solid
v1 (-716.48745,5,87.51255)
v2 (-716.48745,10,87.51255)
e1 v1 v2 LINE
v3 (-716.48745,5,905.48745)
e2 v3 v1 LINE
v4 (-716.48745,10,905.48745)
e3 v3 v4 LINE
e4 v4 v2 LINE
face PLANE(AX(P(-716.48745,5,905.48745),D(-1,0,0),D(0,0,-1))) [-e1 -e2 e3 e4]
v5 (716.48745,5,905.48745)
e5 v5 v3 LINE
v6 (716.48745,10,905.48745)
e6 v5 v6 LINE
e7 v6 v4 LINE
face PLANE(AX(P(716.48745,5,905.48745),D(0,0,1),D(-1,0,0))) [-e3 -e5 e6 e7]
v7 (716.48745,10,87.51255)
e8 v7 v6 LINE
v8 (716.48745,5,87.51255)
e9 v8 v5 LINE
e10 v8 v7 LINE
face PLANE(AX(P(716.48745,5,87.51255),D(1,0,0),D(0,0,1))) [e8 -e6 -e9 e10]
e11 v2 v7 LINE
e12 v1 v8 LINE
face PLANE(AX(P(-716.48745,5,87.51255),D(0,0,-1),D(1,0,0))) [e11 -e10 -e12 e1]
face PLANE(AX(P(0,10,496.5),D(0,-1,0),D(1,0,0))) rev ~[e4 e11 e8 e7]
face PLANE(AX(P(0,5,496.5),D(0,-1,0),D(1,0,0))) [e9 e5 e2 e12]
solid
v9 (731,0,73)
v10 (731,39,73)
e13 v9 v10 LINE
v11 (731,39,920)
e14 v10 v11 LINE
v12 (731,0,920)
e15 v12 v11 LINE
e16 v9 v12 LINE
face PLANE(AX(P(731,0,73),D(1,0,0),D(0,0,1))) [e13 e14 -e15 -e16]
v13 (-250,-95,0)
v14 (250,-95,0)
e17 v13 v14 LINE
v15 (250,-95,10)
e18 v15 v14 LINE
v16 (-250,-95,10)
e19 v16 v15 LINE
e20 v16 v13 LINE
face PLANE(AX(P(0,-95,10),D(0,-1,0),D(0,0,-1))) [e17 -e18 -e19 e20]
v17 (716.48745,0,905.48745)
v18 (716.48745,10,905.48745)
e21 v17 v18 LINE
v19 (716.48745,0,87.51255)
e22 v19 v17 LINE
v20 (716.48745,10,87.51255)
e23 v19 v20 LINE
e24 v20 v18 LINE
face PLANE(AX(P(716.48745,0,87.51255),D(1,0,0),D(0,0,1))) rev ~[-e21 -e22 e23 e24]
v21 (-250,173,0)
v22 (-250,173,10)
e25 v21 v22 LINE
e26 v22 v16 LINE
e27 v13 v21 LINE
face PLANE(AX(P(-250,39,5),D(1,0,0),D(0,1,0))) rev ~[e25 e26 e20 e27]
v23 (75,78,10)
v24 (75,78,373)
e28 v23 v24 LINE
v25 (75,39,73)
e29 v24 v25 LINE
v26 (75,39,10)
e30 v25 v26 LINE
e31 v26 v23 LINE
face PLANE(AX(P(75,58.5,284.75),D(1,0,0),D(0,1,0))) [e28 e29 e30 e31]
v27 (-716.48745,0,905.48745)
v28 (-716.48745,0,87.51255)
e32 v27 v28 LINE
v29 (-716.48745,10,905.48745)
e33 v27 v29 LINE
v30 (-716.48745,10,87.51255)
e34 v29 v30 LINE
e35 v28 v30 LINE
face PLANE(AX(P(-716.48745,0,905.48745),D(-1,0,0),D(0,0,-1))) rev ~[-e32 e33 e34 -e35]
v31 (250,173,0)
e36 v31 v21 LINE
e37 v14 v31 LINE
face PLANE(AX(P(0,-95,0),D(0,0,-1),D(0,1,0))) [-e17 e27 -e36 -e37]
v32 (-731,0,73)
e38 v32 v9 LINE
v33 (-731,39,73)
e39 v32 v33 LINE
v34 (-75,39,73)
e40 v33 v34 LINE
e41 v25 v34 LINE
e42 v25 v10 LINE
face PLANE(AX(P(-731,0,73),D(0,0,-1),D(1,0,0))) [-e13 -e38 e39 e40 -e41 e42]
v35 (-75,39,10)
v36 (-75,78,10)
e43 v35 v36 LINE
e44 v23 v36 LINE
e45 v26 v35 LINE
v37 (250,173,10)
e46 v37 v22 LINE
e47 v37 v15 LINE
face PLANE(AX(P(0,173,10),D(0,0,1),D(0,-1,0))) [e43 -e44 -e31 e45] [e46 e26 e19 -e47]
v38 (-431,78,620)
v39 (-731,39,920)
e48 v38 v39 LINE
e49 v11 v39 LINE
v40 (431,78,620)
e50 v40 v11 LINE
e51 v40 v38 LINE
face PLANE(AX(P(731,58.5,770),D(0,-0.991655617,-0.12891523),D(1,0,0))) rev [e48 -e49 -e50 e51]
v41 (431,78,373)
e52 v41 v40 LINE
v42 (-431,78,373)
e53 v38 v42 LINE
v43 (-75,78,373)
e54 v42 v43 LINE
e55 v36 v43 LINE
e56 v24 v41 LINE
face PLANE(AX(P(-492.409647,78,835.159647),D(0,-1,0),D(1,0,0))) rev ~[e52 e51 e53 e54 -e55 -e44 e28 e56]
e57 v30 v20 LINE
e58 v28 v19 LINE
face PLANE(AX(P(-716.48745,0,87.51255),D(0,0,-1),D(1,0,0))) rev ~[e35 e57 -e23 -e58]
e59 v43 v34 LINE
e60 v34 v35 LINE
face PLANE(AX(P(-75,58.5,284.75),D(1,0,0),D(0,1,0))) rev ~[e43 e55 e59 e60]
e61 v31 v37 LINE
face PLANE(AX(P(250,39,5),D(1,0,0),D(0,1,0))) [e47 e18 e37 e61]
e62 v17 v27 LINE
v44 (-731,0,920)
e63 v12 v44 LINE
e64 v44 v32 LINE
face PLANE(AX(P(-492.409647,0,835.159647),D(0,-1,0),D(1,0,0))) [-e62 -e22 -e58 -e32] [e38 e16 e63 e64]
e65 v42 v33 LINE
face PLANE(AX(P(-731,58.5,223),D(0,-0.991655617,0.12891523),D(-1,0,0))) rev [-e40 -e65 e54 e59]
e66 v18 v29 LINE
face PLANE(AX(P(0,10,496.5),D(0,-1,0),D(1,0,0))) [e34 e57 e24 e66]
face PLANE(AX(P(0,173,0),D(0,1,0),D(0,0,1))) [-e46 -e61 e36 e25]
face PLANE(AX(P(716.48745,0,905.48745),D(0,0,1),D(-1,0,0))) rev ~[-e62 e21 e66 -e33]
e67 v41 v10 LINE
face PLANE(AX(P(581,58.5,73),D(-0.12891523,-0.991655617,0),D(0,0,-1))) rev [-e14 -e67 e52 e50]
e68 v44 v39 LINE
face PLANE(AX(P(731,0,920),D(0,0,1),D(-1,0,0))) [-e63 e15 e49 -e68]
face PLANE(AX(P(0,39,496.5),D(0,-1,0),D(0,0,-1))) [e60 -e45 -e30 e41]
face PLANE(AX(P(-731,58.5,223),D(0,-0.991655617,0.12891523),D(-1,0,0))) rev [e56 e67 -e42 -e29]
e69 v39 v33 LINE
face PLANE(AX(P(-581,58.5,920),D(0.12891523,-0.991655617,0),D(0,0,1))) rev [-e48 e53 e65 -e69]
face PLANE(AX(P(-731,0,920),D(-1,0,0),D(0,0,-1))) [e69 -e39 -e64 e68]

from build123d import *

# Parameters (mm, degrees)
F2_DEPTH      = 78
F3_DEPTH      = 10
F4_START      = -5
F4_DEPTH      = 5
F5_SIZE2      = 39
F5_SIZE       = 300
F6_DEPTH      = 250
F6_DEPTH_BACK = 250
F1_W          = 39
F1_H          = 423.5
F1_H_2        = 63
F7_DEPTH      = 75
F7_DEPTH_BACK = 75


with BuildPart() as f2:
    # F0 (on Front) → F2 (new body)
    with BuildSketch(Plane.XZ):
        Polygon((0, 920), (-731, 920), (-731, 496.5), (-716.4874498823, 496.5), (-716.4874498823, 905.4874498823), (0, 905.4874498823), align=None)
        Polygon((731, 920), (0, 920), (0, 905.4874498823), (716.4874498823, 905.4874498823), (716.4874498823, 87.5125501177), (-716.4874498823, 87.5125501177), (-716.4874498823, 496.5), (-731, 496.5), (-731, 73), (0, 73), (731, 73), align=None)
        Polygon((716.4874498823, 905.4874498823), (0, 905.4874498823), (-716.4874498823, 905.4874498823), (-716.4874498823, 496.5), (-716.4874498823, 87.5125501177), (716.4874498823, 87.5125501177), align=None)
    extrude(amount=-F2_DEPTH)

    # F0 (on Front) → F3 (cut)
    with BuildSketch(Plane.XZ):
        Polygon((716.4874498823, 905.4874498823), (0, 905.4874498823), (-716.4874498823, 905.4874498823), (-716.4874498823, 496.5), (-716.4874498823, 87.5125501177), (716.4874498823, 87.5125501177), align=None)
    extrude(amount=-F3_DEPTH, mode=Mode.SUBTRACT)

    # F5
    f5_edges = [f2.edges().sort_by_distance(p)[0] for p in [
        (0, 78, 920),
        (-731, 78, 496.5),
        (0, 78, 73),
        (731, 78, 496.5),
    ]]
    f5_side = f2.faces().sort_by_distance((0, 78, 496.5))[0]
    chamfer(f5_edges, length=F5_SIZE, length2=F5_SIZE2, reference=f5_side)



with BuildPart() as f4:
    # F0 (on Front) → F4 (new body)
    with BuildSketch(Plane.XZ.offset(F4_START)):
        Polygon((716.4874498823, 905.4874498823), (0, 905.4874498823), (-716.4874498823, 905.4874498823), (-716.4874498823, 496.5), (-716.4874498823, 87.5125501177), (716.4874498823, 87.5125501177), align=None)
    extrude(amount=-F4_DEPTH)


with BuildPart() as f6:
    # F1 (on Right) → F6 (new body, two sides)
    with BuildSketch(Plane.YZ) as f6_sk:
        Polygon((173, 10), (78, 10), (39, 10), (-95, 10), (-95, 0), (173, 0), align=None)
    extrude(amount=F6_DEPTH)
    extrude(f6_sk.sketch, amount=-F6_DEPTH_BACK)


with BuildPart() as f2_1:
    add(f2.part)

    add(f6.part)  # F7 merges F6
    # F1 (on Right) → F7 (join, two sides)
    with BuildSketch(Plane.YZ) as f7_sk:
        with Locations((58.5, 284.75)):
            Rectangle(F1_W, F1_H)
        with Locations((58.5, 41.5)):
            Rectangle(F1_W, F1_H_2)
    extrude(amount=F7_DEPTH)
    extrude(f7_sk.sketch, amount=-F7_DEPTH_BACK)


solid = Compound([f4.part, f2_1.part])
